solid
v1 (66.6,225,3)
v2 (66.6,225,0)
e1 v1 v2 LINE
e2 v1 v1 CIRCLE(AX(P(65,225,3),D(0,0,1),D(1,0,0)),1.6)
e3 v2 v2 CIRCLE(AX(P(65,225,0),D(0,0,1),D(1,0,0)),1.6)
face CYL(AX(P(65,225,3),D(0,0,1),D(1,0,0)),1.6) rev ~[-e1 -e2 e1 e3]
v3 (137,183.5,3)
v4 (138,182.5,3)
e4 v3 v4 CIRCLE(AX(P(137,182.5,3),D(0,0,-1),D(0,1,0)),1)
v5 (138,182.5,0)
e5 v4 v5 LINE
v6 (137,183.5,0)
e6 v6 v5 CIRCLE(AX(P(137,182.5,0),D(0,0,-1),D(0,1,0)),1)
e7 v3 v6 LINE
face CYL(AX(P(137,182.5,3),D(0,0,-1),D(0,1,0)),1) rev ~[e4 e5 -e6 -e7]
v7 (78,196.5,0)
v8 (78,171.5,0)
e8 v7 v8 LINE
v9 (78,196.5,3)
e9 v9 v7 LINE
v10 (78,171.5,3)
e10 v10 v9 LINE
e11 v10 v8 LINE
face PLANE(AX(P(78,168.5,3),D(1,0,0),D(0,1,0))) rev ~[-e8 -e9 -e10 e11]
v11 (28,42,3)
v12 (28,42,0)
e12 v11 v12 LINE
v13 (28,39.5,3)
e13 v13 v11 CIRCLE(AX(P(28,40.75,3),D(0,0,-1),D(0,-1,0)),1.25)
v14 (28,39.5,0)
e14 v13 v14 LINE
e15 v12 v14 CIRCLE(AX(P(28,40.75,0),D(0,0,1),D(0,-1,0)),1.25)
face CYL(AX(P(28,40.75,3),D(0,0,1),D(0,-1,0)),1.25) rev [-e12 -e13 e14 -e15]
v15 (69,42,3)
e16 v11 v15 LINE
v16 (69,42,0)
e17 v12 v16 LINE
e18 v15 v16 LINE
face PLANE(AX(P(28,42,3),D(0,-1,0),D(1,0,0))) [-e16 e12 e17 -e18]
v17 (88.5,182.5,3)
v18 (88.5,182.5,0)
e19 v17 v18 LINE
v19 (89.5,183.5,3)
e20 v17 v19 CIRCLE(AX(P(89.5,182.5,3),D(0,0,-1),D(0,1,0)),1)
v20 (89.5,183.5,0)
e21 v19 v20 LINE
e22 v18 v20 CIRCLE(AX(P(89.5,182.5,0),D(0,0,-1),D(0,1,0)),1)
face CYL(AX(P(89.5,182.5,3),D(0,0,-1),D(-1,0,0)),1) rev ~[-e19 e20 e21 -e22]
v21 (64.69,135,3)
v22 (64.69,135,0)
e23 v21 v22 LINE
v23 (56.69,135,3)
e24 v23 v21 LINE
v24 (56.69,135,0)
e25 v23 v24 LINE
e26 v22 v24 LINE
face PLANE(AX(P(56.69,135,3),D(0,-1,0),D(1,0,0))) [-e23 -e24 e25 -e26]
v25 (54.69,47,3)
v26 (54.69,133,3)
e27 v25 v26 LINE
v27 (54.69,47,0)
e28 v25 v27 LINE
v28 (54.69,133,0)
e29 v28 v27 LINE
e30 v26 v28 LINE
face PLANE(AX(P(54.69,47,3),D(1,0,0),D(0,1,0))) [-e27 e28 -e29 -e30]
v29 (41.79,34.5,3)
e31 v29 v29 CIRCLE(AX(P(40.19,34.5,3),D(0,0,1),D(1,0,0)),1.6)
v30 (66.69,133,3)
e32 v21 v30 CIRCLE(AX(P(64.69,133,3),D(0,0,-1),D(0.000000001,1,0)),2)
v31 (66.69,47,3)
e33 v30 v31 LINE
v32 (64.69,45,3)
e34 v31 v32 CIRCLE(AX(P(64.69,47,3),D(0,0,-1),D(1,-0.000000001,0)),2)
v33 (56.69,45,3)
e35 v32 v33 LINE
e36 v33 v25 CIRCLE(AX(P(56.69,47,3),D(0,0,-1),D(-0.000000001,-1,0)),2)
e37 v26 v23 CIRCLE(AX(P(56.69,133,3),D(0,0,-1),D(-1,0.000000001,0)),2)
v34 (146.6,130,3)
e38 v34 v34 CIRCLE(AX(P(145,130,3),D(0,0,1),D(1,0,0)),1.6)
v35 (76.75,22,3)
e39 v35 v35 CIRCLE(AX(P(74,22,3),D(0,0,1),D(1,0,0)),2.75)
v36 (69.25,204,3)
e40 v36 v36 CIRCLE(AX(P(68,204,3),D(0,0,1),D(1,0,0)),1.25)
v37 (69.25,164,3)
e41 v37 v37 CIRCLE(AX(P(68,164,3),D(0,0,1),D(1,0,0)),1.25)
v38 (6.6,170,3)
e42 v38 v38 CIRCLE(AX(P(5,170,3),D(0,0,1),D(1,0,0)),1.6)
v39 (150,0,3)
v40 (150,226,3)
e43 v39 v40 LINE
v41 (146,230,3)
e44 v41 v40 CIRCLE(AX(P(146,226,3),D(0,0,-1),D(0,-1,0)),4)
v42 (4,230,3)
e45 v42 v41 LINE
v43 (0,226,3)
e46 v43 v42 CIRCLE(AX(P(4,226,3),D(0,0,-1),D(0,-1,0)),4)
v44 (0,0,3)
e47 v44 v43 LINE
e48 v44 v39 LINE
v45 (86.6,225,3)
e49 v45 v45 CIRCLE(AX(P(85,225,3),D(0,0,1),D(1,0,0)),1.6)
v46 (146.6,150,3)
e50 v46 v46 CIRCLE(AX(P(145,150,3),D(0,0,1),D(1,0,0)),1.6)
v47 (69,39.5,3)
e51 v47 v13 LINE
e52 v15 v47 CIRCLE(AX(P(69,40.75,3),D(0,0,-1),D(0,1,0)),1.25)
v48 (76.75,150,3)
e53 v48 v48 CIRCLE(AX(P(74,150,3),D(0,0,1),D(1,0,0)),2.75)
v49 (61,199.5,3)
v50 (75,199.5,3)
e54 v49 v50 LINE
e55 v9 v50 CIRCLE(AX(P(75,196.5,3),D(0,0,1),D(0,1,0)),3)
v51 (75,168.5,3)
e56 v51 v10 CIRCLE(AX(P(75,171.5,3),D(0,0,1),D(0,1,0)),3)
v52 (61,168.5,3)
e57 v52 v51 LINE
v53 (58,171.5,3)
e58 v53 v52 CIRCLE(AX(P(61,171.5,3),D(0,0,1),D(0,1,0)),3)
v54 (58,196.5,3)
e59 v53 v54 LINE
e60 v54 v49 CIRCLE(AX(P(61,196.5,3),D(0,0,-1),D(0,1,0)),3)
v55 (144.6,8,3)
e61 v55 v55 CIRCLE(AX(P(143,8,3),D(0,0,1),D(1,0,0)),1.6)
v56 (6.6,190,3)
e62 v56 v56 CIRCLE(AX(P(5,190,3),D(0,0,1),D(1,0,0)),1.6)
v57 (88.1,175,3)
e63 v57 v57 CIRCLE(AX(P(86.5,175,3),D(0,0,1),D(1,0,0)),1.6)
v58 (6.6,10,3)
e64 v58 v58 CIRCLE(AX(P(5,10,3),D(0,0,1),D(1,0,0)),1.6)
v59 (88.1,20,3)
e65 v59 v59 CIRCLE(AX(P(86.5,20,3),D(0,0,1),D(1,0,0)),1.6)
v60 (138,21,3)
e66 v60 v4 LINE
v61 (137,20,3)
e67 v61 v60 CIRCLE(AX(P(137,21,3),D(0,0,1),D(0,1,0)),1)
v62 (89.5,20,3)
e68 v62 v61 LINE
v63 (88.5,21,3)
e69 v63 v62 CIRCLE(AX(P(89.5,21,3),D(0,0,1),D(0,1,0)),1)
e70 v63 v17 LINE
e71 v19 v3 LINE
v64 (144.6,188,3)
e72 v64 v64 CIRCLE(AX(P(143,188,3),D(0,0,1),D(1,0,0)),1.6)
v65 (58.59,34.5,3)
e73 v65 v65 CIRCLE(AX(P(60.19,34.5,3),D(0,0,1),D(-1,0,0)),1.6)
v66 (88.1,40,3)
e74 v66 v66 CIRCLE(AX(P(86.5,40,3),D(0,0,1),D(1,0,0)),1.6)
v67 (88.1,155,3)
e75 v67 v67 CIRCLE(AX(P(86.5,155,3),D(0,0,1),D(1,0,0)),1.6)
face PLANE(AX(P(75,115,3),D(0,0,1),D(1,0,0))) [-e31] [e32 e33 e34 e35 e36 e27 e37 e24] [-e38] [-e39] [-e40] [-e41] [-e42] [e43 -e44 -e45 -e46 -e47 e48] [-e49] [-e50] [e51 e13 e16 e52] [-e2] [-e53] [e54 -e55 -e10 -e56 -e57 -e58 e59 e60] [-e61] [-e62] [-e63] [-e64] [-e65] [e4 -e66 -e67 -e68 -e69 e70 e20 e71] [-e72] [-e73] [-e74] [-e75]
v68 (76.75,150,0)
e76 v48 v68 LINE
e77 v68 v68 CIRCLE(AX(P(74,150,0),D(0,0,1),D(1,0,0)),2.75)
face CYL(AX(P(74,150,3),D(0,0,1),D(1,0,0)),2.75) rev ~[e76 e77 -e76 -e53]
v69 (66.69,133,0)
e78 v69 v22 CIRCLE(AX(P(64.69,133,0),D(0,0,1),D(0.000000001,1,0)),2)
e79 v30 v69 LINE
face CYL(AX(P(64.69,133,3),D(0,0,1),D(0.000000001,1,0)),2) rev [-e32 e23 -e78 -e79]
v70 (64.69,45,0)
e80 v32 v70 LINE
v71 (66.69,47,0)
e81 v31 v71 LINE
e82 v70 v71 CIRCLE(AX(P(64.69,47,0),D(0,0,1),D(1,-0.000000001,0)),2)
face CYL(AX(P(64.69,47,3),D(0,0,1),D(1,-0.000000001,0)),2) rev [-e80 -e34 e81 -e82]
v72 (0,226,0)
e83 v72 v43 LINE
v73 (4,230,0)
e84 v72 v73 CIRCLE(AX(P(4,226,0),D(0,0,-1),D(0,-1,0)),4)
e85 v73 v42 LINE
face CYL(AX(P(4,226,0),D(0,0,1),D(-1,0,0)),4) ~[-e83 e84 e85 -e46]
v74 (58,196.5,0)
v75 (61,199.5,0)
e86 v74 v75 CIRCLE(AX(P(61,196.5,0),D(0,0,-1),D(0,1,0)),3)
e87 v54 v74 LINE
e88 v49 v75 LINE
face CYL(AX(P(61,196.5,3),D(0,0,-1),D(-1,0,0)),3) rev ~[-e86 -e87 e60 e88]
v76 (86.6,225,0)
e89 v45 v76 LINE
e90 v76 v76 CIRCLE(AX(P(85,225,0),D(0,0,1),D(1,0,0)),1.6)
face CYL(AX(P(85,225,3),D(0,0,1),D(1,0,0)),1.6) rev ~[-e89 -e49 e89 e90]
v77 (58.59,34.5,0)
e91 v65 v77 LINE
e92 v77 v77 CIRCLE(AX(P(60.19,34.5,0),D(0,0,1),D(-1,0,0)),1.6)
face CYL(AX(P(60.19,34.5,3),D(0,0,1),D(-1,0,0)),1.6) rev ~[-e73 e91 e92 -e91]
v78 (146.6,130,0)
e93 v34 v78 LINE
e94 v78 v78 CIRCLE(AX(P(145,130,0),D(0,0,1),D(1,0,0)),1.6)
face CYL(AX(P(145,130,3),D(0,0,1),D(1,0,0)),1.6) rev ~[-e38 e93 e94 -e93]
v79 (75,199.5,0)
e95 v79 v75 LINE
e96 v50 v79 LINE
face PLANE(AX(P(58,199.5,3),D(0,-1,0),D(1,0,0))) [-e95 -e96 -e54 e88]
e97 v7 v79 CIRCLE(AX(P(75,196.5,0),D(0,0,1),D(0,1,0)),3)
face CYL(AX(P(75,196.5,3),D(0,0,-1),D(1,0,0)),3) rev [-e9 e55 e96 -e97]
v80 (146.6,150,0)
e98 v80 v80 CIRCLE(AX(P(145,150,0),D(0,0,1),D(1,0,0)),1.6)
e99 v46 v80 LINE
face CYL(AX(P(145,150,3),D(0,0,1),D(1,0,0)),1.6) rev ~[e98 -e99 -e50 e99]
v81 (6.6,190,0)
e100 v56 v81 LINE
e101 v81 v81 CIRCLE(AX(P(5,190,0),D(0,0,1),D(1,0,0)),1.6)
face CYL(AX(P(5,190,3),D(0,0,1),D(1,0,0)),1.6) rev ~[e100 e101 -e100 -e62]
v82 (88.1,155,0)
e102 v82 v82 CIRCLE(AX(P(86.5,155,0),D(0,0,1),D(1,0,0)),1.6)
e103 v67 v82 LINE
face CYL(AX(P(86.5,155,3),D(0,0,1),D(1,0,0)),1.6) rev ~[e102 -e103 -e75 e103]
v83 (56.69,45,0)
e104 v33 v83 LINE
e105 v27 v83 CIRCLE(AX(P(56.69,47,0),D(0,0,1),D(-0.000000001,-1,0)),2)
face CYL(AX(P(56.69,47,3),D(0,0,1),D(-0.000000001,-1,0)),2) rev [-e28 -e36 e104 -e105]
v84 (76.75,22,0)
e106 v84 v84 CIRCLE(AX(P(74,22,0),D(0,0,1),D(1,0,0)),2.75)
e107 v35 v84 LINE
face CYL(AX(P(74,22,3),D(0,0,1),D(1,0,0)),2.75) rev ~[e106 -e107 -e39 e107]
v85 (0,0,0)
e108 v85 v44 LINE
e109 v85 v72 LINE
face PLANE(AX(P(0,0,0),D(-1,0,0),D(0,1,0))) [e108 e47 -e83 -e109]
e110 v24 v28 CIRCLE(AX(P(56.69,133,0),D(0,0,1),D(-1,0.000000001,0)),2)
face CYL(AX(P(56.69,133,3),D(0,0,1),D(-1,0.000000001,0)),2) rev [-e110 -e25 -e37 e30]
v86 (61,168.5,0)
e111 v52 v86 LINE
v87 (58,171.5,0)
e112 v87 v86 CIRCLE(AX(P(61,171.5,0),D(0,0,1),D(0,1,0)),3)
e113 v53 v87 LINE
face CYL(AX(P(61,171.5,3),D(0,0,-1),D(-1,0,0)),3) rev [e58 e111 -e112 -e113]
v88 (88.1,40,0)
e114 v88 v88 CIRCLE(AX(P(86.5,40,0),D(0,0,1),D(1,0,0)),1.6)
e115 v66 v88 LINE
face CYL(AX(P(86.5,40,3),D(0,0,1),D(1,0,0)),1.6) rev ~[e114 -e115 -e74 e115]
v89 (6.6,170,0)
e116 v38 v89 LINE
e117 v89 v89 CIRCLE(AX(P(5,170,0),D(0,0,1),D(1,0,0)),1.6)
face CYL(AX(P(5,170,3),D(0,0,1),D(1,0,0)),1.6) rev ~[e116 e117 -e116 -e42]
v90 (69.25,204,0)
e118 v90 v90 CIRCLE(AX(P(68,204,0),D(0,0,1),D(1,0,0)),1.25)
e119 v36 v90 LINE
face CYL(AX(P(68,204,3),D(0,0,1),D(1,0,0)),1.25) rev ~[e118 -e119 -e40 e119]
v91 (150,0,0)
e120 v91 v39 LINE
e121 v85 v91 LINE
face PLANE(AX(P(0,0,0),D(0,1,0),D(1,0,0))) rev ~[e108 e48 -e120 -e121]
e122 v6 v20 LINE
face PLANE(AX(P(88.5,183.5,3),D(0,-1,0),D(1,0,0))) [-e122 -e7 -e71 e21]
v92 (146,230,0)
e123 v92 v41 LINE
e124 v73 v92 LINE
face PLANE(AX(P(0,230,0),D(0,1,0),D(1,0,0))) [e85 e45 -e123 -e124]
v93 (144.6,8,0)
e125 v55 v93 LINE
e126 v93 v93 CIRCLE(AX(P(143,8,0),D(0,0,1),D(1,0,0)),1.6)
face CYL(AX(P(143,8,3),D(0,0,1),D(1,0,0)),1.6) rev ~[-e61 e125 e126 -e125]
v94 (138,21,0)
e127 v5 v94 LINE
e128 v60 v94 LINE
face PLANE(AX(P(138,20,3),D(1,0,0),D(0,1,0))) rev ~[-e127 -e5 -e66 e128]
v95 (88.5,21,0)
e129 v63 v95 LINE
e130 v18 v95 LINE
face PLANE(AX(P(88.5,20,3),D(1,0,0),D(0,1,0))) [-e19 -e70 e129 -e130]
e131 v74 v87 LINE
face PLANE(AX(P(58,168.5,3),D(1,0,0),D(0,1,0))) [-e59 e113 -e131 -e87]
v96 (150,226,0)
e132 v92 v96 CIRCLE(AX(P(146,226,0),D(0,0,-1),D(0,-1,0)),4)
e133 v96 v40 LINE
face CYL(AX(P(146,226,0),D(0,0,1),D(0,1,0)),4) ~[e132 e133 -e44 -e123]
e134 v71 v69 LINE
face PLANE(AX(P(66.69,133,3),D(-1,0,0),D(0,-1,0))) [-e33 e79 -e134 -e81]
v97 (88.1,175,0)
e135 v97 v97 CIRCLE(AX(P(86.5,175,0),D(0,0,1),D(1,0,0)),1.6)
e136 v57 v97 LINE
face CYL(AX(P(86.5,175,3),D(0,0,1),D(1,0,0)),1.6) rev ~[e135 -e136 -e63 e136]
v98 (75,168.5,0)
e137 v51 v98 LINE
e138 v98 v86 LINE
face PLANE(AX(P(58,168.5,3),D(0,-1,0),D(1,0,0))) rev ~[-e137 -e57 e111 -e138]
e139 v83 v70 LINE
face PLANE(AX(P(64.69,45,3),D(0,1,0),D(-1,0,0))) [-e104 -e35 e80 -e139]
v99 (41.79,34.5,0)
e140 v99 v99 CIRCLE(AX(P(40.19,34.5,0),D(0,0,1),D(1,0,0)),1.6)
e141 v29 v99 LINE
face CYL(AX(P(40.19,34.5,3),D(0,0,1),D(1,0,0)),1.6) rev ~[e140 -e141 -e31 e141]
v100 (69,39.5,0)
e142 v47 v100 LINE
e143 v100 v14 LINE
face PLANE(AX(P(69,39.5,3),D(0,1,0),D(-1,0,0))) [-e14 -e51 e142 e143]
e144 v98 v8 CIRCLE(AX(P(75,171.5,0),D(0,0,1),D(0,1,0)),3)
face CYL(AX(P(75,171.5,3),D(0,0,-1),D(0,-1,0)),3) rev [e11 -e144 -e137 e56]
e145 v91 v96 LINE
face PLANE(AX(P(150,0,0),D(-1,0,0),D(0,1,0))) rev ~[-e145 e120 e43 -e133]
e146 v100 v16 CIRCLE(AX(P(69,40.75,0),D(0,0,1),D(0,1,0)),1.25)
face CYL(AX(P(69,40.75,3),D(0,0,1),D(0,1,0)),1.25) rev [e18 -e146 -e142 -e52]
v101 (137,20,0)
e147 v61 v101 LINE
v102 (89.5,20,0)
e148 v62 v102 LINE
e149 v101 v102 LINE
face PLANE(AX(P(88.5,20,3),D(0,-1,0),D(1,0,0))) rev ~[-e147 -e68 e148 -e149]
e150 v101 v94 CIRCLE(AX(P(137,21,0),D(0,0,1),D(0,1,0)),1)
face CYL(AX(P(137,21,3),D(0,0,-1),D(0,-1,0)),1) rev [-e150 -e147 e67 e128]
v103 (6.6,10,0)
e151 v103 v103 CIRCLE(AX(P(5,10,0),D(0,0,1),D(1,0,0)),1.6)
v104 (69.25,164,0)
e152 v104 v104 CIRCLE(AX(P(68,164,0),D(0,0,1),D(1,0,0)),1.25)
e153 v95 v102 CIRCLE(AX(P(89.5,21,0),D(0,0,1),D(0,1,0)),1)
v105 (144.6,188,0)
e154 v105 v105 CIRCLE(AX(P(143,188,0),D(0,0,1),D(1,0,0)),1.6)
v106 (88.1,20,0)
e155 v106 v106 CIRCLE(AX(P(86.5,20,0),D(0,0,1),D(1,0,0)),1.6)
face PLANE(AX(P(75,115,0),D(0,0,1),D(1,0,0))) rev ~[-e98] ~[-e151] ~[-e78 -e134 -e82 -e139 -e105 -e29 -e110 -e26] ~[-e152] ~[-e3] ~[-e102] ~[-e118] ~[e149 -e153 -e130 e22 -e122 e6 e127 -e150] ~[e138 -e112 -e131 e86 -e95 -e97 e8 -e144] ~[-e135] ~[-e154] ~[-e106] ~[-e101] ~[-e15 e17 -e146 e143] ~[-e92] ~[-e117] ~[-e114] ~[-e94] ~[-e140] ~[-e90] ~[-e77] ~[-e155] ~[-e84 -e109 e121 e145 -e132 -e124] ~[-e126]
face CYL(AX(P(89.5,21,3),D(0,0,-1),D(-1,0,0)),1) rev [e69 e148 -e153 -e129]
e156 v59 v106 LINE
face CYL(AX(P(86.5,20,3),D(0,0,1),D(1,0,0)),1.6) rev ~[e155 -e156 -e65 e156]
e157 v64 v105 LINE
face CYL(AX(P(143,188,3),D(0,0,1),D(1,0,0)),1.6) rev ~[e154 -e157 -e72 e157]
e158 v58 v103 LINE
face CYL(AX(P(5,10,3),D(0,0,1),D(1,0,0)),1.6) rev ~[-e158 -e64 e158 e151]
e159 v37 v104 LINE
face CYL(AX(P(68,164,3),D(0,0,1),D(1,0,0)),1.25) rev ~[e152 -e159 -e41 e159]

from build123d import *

# Parameters (mm, degrees)
SKETCH_1_W          = 150
SKETCH_1_H          = 230
EXTRUDE_1_DEPTH     = 3
SKETCH_2_R          = 1.6
CUT_EXTRUDE_1_DEPTH = 275.606991899
SKETCH_3_R          = 1.6
CUT_EXTRUDE_2_DEPTH = 275.606991899
CUT_EXTRUDE_3_REACH = 276.607
CUT_EXTRUDE_4_REACH = 276.607
SKETCH_5_W          = 49.5
SKETCH_5_H          = 163.5
FILLET_1_R          = 4
CUT_EXTRUDE_6_REACH = 276.607
SKETCH_7_R          = 1.25
FILLET_3_R          = 1
CUT_EXTRUDE_7_REACH = 276.607
SKETCH_8_W          = 20
SKETCH_8_H          = 31
FILLET_4_R          = 3
SKETCH_9_R          = 2.75
CUT_EXTRUDE_8_DEPTH = 275.606991899


with BuildPart() as part:
    # 草图1 → 凸台-拉伸1 (new body)
    with BuildSketch(Plane.XY):
        with Locations((75, 115)):
            Rectangle(SKETCH_1_W, SKETCH_1_H)
    extrude(amount=EXTRUDE_1_DEPTH)

    # 草图2 → 切除-拉伸1 (cut, through all)
    with BuildSketch(Plane.XY.offset(3)):
        with Locations((86.5, 20)):
            Circle(SKETCH_2_R)
        with Locations((86.5, 40)):
            Circle(SKETCH_2_R)
        with Locations((86.5, 155)):
            Circle(SKETCH_2_R)
        with Locations((86.5, 175)):
            Circle(SKETCH_2_R)
        with Locations((5, 10)):
            Circle(SKETCH_2_R)
        with Locations((143, 8)):
            Circle(SKETCH_2_R)
        with Locations((143, 188)):
            Circle(SKETCH_2_R)
        with Locations((5, 170)):
            Circle(SKETCH_2_R)
        with Locations((5, 190)):
            Circle(SKETCH_2_R)
        with Locations((65, 225)):
            Circle(SKETCH_2_R)
        with Locations((85, 225)):
            Circle(SKETCH_2_R)
        with Locations((145, 150)):
            Circle(SKETCH_2_R)
        with Locations((145, 130)):
            Circle(SKETCH_2_R)
    extrude(amount=-CUT_EXTRUDE_1_DEPTH, mode=Mode.SUBTRACT)

    # 草图3 → 切除-拉伸2 (cut, through all)
    with BuildSketch(Plane.XY.offset(3)):
        with Locations((40.19, 34.5)):
            Circle(SKETCH_3_R)
        with Locations(Location((60.19, 34.5, 0), (0, 0, 180))):
            Circle(SKETCH_3_R)
        with BuildLine():
            Line((28, 42), (69, 42))
            ThreePointArc((69, 42), (70.25, 40.75), (69, 39.5))
            Line((69, 39.5), (28, 39.5))
            ThreePointArc((28, 39.5), (26.75, 40.75), (28, 42))
        make_face()
    extrude(amount=-CUT_EXTRUDE_2_DEPTH, mode=Mode.SUBTRACT)

    # 草图4 → 切除-拉伸3 (cut, up to next)
    with BuildSketch(Plane.XY.offset(3), mode=Mode.PRIVATE) as cut_extrude_3_sk1:
        with BuildLine():
            Line((56.69, 135), (64.69, 135))
            ThreePointArc((64.69, 135), (66.104213562, 134.414213562), (66.69, 133))
            Line((66.69, 133), (66.69, 47))
            ThreePointArc((66.69, 47), (66.104213562, 45.585786438), (64.69, 45))
            Line((64.69, 45), (56.69, 45))
            ThreePointArc((56.69, 45), (55.275786438, 45.585786438), (54.69, 47))
            Line((54.69, 47), (54.69, 133))
            ThreePointArc((54.69, 133), (55.275786438, 134.414213562), (56.69, 135))
        make_face()
    cut_extrude_3_tool1 = extrude(cut_extrude_3_sk1.sketch, amount=-CUT_EXTRUDE_3_REACH, mode=Mode.PRIVATE) & part.part
    add(cut_extrude_3_tool1.solids().sort_by_distance((60.69, 90, 3))[0], mode=Mode.SUBTRACT)

    # 草图5 → 切除-拉伸4 (cut, up to next)
    with BuildSketch(Plane.XY.offset(3), mode=Mode.PRIVATE) as cut_extrude_4_sk1:
        with Locations((113.25, 101.75)):
            Rectangle(SKETCH_5_W, SKETCH_5_H)
    cut_extrude_4_tool1 = extrude(cut_extrude_4_sk1.sketch, amount=-CUT_EXTRUDE_4_REACH, mode=Mode.PRIVATE) & part.part
    add(cut_extrude_4_tool1.solids().sort_by_distance((113.25, 101.75, 3))[0], mode=Mode.SUBTRACT)

    # 圆角1
    fillet_1_edges = [part.edges().sort_by_distance(p)[0] for p in [
        (0, 230, 1.5),
        (150, 230, 1.5),
    ]]
    fillet(fillet_1_edges, radius=FILLET_1_R)

    # 草图7 → 切除-拉伸6 (cut, up to next)
    with BuildSketch(Plane.XY.offset(3), mode=Mode.PRIVATE) as cut_extrude_6_sk1:
        with Locations((68, 204)):
            Circle(SKETCH_7_R)
    cut_extrude_6_tool1 = extrude(cut_extrude_6_sk1.sketch, amount=-CUT_EXTRUDE_6_REACH, mode=Mode.PRIVATE) & part.part
    # 草图7 → 切除-拉伸6 (cut, up to next)
    with BuildSketch(Plane.XY.offset(3), mode=Mode.PRIVATE) as cut_extrude_6_sk2:
        with Locations((68, 164)):
            Circle(SKETCH_7_R)
    cut_extrude_6_tool2 = extrude(cut_extrude_6_sk2.sketch, amount=-CUT_EXTRUDE_6_REACH, mode=Mode.PRIVATE) & part.part
    # 草图7 → 切除-拉伸6 (cut, up to next)
    with BuildSketch(Plane.XY.offset(3), mode=Mode.PRIVATE) as cut_extrude_6_sk3:
        Polygon((77.775, 170.1), (77.775, 197.9), (64.620745433, 197.9), (58.225, 191.956783725), (58.225, 176.043216275), (64.620745433, 170.1), align=None)
    cut_extrude_6_tool3 = extrude(cut_extrude_6_sk3.sketch, amount=-CUT_EXTRUDE_6_REACH, mode=Mode.PRIVATE) & part.part
    add(cut_extrude_6_tool1.solids().sort_by_distance((68, 204, 3))[0], mode=Mode.SUBTRACT)
    add(cut_extrude_6_tool2.solids().sort_by_distance((68, 164, 3))[0], mode=Mode.SUBTRACT)
    add(cut_extrude_6_tool3.solids().sort_by_distance((68.574749, 184, 3))[0], mode=Mode.SUBTRACT)

    # 圆角3
    fillet_3_edges = [part.edges().sort_by_distance(p)[0] for p in [
        (138, 183.5, 1.5),
        (138, 20, 1.5),
        (88.5, 20, 1.5),
        (88.5, 183.5, 1.5),
    ]]
    fillet(fillet_3_edges, radius=FILLET_3_R)

    # 草图8 → 切除-拉伸7 (cut, up to next)
    with BuildSketch(Plane.XY.offset(3), mode=Mode.PRIVATE) as cut_extrude_7_sk1:
        with Locations((68, 184)):
            Rectangle(SKETCH_8_W, SKETCH_8_H)
    cut_extrude_7_tool1 = extrude(cut_extrude_7_sk1.sketch, amount=-CUT_EXTRUDE_7_REACH, mode=Mode.PRIVATE) & part.part
    add(cut_extrude_7_tool1.solids().sort_by_distance((68, 184, 3))[0], mode=Mode.SUBTRACT)

    # 圆角4
    fillet_4_edges = [part.edges().sort_by_distance(p)[0] for p in [
        (78, 199.5, 1.5),
        (78, 168.5, 1.5),
        (58, 168.5, 1.5),
        (58, 199.5, 1.5),
    ]]
    fillet(fillet_4_edges, radius=FILLET_4_R)

    # 草图9 → 切除-拉伸8 (cut, through all)
    with BuildSketch(Plane.XY.offset(3)):
        with Locations((74, 150)):
            Circle(SKETCH_9_R)
        with Locations((74, 22)):
            Circle(SKETCH_9_R)
    extrude(amount=-CUT_EXTRUDE_8_DEPTH, mode=Mode.SUBTRACT)


solid = part.part
